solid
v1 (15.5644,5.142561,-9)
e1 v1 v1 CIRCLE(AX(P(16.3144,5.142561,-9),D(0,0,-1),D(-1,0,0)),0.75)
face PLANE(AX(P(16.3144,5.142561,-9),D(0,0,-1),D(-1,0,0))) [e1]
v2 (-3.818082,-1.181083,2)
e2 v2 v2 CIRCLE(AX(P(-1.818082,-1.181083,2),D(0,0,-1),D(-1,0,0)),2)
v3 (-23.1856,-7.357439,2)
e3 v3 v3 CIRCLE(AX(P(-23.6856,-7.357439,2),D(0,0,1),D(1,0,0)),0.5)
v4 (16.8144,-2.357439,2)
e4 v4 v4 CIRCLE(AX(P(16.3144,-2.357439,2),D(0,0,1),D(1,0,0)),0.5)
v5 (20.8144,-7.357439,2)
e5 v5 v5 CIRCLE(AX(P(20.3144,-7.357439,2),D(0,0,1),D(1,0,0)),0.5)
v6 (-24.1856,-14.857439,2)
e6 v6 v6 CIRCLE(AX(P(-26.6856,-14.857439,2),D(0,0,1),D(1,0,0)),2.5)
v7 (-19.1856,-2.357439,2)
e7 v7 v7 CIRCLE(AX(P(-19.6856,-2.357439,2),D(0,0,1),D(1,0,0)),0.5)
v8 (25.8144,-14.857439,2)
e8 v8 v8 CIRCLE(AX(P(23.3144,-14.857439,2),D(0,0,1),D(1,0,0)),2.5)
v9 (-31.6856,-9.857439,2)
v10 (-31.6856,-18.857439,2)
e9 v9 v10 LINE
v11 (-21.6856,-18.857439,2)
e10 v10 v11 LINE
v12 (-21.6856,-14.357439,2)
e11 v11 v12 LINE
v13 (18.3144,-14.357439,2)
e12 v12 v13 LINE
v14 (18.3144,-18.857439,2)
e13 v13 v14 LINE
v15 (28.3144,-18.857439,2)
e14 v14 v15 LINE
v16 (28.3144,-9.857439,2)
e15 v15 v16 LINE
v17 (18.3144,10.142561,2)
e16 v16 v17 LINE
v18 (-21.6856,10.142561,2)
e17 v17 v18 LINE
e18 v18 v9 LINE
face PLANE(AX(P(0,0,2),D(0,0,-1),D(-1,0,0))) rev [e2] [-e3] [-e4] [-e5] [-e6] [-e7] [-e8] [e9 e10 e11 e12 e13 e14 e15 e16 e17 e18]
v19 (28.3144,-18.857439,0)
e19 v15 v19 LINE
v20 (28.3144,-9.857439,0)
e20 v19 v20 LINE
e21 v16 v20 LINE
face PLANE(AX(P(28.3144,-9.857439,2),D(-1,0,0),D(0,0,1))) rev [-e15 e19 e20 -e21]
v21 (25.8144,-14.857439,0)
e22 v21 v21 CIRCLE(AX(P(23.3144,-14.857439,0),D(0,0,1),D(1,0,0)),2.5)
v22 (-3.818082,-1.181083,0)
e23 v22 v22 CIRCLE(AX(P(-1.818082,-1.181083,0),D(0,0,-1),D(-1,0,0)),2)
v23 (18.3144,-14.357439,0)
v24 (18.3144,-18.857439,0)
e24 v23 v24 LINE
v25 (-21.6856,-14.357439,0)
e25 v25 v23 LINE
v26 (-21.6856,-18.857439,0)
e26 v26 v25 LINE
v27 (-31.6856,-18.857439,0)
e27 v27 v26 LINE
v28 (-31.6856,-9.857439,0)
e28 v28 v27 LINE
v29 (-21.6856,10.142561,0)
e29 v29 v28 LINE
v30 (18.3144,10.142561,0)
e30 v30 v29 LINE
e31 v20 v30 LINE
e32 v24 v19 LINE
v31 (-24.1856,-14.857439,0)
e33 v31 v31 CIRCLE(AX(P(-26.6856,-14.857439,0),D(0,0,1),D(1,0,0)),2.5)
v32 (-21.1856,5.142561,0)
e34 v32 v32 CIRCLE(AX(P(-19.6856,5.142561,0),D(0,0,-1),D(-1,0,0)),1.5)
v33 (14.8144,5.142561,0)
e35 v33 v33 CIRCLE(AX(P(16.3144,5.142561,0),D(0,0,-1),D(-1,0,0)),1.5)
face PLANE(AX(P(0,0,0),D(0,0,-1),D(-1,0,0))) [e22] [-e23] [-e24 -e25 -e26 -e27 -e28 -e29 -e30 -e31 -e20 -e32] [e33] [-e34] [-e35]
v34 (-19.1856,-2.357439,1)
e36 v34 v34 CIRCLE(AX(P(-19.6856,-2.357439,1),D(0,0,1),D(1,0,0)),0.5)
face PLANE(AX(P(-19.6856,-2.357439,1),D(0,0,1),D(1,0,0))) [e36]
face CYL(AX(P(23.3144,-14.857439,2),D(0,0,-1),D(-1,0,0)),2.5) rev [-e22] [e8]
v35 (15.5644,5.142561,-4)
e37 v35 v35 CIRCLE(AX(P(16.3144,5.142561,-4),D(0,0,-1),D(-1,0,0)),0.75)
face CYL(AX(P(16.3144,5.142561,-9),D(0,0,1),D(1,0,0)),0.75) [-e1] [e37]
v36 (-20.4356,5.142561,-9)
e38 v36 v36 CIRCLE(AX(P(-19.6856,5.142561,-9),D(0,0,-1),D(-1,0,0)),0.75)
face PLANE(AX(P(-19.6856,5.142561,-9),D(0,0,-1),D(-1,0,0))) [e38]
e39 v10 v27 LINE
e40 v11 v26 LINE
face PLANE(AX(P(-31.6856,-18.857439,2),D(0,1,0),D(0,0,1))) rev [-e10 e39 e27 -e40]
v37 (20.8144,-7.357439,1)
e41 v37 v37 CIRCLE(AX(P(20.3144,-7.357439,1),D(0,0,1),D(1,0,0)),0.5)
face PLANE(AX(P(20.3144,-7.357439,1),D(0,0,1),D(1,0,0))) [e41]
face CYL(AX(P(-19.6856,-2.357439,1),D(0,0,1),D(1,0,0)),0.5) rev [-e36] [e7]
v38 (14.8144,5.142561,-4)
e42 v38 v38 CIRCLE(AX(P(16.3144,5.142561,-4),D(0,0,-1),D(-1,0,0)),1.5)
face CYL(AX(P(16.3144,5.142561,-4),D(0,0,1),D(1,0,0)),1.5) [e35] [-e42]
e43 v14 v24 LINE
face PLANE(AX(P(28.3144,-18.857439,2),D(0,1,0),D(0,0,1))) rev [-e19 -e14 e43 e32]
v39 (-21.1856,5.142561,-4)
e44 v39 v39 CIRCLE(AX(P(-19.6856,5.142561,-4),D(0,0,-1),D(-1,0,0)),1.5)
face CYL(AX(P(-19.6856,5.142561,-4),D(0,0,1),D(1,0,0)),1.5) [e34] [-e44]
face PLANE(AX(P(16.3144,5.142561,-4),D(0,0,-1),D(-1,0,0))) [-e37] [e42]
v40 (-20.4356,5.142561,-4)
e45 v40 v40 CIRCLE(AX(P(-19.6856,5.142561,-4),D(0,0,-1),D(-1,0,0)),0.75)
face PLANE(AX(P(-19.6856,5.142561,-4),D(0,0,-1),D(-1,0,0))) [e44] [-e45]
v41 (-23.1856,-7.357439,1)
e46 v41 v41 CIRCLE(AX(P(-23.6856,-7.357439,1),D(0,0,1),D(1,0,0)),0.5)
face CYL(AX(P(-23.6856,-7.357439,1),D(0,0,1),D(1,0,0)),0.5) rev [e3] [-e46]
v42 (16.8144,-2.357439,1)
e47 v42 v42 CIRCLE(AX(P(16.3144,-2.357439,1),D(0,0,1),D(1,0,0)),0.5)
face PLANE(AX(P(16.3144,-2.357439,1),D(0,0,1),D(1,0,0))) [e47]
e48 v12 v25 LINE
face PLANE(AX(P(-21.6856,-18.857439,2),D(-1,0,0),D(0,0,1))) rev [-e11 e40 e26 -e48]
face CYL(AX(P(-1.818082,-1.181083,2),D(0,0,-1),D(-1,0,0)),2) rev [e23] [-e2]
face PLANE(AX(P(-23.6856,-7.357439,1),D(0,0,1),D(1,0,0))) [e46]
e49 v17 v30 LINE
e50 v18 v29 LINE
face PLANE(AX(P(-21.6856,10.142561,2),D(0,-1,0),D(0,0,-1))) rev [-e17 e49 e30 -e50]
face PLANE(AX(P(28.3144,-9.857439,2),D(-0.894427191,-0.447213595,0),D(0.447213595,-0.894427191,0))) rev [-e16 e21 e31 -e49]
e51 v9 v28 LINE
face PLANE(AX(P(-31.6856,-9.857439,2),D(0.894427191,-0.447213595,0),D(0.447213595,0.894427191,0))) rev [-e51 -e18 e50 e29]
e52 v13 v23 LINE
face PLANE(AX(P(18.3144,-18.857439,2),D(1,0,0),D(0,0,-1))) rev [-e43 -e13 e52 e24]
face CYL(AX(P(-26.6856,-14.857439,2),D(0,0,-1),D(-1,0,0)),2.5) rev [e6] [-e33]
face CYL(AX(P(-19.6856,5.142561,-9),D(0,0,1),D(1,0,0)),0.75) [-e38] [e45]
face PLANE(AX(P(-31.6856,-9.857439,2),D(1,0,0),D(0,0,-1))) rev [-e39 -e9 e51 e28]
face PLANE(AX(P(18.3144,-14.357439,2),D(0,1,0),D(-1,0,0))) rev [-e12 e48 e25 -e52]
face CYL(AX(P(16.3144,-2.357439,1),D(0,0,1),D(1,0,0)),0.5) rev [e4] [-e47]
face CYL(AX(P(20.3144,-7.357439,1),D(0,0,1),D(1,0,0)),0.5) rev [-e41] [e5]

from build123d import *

# Parameters (mm, degrees)
EXTRUDE_1_DEPTH     = 2
SKETCH_2_R          = 2.5
CUT_EXTRUDE_3_DEPTH = 3
SKETCH_3_R          = 1.5
EXTRUDE_2_DEPTH     = 4
SKETCH_4_R          = 0.75
EXTRUDE_3_DEPTH     = 5
SKETCH_5_W          = 40
SKETCH_5_H          = 4.5
EXTRUDE_4_DEPTH     = 2
SKETCH_6_R          = 0.5
CUT_EXTRUDE_4_DEPTH = 1
SKETCH_7_R          = 2
CUT_EXTRUDE_5_DEPTH = 3


with BuildPart() as part:
    # 草图1 → 凸台-拉伸1 (new body)
    with BuildSketch(Plane.XY):
        Polygon((-21.685600323, 10.142561447), (18.314399677, 10.142561447), (28.314399677, -9.857438553), (28.314399677, -18.857438553), (18.314399677, -18.857438553), (18.314399677, -9.857438553), (-21.685600323, -9.857438553), (-21.685600323, -18.857438553), (-31.685600323, -18.857438553), (-31.685600323, -9.857438553), align=None)
    extrude(amount=EXTRUDE_1_DEPTH)

    # 草图2 → 切除-拉伸3 (cut, through all)
    with BuildSketch(Plane.XY):
        with Locations((-26.685600323, -14.857438553)):
            Circle(SKETCH_2_R)
        with Locations((23.314399677, -14.857438553)):
            Circle(SKETCH_2_R)
    extrude(amount=CUT_EXTRUDE_3_DEPTH, mode=Mode.SUBTRACT)

    # 草图3 → 凸台-拉伸2 (add)
    with BuildSketch(Plane(origin=(0, 0, 0), x_dir=(-1, 0, 0), z_dir=(0, 0, -1))):
        with Locations((-16.314399677, 5.142561447)):
            Circle(SKETCH_3_R)
        with Locations((19.685600323, 5.142561447)):
            Circle(SKETCH_3_R)
    extrude(amount=EXTRUDE_2_DEPTH)

    # 草图4 → 凸台-拉伸3 (add)
    with BuildSketch(Plane(origin=(0, 0, -4), x_dir=(-1, 0, 0), z_dir=(0, 0, -1))):
        with Locations((-16.314399677, 5.142561447)):
            Circle(SKETCH_4_R)
        with Locations((19.685600323, 5.142561447)):
            Circle(SKETCH_4_R)
    extrude(amount=EXTRUDE_3_DEPTH)

    # 草图5 → 凸台-拉伸4 (add)
    with BuildSketch(Plane.XY):
        with Locations((-1.685600323, -12.107438553)):
            Rectangle(SKETCH_5_W, SKETCH_5_H)
    extrude(amount=EXTRUDE_4_DEPTH)

    # 草图6 → 切除-拉伸4 (cut)
    with BuildSketch(Plane.XY.offset(2)):
        with Locations((-23.685600323, -7.357438553)):
            Circle(SKETCH_6_R)
        with Locations((20.314399677, -7.357438553)):
            Circle(SKETCH_6_R)
        with Locations((-19.685600323, -2.357438553)):
            Circle(SKETCH_6_R)
        with Locations((16.314399677, -2.357438553)):
            Circle(SKETCH_6_R)
    extrude(amount=-CUT_EXTRUDE_4_DEPTH, mode=Mode.SUBTRACT)

    # 草图7 → 切除-拉伸5 (cut, through all)
    with BuildSketch(Plane(origin=(0, 0, 0), x_dir=(-1, 0, 0), z_dir=(0, 0, -1))):
        with Locations((1.818081587, -1.181083472)):
            Circle(SKETCH_7_R)
    extrude(amount=-CUT_EXTRUDE_5_DEPTH, mode=Mode.SUBTRACT)


solid = part.part
